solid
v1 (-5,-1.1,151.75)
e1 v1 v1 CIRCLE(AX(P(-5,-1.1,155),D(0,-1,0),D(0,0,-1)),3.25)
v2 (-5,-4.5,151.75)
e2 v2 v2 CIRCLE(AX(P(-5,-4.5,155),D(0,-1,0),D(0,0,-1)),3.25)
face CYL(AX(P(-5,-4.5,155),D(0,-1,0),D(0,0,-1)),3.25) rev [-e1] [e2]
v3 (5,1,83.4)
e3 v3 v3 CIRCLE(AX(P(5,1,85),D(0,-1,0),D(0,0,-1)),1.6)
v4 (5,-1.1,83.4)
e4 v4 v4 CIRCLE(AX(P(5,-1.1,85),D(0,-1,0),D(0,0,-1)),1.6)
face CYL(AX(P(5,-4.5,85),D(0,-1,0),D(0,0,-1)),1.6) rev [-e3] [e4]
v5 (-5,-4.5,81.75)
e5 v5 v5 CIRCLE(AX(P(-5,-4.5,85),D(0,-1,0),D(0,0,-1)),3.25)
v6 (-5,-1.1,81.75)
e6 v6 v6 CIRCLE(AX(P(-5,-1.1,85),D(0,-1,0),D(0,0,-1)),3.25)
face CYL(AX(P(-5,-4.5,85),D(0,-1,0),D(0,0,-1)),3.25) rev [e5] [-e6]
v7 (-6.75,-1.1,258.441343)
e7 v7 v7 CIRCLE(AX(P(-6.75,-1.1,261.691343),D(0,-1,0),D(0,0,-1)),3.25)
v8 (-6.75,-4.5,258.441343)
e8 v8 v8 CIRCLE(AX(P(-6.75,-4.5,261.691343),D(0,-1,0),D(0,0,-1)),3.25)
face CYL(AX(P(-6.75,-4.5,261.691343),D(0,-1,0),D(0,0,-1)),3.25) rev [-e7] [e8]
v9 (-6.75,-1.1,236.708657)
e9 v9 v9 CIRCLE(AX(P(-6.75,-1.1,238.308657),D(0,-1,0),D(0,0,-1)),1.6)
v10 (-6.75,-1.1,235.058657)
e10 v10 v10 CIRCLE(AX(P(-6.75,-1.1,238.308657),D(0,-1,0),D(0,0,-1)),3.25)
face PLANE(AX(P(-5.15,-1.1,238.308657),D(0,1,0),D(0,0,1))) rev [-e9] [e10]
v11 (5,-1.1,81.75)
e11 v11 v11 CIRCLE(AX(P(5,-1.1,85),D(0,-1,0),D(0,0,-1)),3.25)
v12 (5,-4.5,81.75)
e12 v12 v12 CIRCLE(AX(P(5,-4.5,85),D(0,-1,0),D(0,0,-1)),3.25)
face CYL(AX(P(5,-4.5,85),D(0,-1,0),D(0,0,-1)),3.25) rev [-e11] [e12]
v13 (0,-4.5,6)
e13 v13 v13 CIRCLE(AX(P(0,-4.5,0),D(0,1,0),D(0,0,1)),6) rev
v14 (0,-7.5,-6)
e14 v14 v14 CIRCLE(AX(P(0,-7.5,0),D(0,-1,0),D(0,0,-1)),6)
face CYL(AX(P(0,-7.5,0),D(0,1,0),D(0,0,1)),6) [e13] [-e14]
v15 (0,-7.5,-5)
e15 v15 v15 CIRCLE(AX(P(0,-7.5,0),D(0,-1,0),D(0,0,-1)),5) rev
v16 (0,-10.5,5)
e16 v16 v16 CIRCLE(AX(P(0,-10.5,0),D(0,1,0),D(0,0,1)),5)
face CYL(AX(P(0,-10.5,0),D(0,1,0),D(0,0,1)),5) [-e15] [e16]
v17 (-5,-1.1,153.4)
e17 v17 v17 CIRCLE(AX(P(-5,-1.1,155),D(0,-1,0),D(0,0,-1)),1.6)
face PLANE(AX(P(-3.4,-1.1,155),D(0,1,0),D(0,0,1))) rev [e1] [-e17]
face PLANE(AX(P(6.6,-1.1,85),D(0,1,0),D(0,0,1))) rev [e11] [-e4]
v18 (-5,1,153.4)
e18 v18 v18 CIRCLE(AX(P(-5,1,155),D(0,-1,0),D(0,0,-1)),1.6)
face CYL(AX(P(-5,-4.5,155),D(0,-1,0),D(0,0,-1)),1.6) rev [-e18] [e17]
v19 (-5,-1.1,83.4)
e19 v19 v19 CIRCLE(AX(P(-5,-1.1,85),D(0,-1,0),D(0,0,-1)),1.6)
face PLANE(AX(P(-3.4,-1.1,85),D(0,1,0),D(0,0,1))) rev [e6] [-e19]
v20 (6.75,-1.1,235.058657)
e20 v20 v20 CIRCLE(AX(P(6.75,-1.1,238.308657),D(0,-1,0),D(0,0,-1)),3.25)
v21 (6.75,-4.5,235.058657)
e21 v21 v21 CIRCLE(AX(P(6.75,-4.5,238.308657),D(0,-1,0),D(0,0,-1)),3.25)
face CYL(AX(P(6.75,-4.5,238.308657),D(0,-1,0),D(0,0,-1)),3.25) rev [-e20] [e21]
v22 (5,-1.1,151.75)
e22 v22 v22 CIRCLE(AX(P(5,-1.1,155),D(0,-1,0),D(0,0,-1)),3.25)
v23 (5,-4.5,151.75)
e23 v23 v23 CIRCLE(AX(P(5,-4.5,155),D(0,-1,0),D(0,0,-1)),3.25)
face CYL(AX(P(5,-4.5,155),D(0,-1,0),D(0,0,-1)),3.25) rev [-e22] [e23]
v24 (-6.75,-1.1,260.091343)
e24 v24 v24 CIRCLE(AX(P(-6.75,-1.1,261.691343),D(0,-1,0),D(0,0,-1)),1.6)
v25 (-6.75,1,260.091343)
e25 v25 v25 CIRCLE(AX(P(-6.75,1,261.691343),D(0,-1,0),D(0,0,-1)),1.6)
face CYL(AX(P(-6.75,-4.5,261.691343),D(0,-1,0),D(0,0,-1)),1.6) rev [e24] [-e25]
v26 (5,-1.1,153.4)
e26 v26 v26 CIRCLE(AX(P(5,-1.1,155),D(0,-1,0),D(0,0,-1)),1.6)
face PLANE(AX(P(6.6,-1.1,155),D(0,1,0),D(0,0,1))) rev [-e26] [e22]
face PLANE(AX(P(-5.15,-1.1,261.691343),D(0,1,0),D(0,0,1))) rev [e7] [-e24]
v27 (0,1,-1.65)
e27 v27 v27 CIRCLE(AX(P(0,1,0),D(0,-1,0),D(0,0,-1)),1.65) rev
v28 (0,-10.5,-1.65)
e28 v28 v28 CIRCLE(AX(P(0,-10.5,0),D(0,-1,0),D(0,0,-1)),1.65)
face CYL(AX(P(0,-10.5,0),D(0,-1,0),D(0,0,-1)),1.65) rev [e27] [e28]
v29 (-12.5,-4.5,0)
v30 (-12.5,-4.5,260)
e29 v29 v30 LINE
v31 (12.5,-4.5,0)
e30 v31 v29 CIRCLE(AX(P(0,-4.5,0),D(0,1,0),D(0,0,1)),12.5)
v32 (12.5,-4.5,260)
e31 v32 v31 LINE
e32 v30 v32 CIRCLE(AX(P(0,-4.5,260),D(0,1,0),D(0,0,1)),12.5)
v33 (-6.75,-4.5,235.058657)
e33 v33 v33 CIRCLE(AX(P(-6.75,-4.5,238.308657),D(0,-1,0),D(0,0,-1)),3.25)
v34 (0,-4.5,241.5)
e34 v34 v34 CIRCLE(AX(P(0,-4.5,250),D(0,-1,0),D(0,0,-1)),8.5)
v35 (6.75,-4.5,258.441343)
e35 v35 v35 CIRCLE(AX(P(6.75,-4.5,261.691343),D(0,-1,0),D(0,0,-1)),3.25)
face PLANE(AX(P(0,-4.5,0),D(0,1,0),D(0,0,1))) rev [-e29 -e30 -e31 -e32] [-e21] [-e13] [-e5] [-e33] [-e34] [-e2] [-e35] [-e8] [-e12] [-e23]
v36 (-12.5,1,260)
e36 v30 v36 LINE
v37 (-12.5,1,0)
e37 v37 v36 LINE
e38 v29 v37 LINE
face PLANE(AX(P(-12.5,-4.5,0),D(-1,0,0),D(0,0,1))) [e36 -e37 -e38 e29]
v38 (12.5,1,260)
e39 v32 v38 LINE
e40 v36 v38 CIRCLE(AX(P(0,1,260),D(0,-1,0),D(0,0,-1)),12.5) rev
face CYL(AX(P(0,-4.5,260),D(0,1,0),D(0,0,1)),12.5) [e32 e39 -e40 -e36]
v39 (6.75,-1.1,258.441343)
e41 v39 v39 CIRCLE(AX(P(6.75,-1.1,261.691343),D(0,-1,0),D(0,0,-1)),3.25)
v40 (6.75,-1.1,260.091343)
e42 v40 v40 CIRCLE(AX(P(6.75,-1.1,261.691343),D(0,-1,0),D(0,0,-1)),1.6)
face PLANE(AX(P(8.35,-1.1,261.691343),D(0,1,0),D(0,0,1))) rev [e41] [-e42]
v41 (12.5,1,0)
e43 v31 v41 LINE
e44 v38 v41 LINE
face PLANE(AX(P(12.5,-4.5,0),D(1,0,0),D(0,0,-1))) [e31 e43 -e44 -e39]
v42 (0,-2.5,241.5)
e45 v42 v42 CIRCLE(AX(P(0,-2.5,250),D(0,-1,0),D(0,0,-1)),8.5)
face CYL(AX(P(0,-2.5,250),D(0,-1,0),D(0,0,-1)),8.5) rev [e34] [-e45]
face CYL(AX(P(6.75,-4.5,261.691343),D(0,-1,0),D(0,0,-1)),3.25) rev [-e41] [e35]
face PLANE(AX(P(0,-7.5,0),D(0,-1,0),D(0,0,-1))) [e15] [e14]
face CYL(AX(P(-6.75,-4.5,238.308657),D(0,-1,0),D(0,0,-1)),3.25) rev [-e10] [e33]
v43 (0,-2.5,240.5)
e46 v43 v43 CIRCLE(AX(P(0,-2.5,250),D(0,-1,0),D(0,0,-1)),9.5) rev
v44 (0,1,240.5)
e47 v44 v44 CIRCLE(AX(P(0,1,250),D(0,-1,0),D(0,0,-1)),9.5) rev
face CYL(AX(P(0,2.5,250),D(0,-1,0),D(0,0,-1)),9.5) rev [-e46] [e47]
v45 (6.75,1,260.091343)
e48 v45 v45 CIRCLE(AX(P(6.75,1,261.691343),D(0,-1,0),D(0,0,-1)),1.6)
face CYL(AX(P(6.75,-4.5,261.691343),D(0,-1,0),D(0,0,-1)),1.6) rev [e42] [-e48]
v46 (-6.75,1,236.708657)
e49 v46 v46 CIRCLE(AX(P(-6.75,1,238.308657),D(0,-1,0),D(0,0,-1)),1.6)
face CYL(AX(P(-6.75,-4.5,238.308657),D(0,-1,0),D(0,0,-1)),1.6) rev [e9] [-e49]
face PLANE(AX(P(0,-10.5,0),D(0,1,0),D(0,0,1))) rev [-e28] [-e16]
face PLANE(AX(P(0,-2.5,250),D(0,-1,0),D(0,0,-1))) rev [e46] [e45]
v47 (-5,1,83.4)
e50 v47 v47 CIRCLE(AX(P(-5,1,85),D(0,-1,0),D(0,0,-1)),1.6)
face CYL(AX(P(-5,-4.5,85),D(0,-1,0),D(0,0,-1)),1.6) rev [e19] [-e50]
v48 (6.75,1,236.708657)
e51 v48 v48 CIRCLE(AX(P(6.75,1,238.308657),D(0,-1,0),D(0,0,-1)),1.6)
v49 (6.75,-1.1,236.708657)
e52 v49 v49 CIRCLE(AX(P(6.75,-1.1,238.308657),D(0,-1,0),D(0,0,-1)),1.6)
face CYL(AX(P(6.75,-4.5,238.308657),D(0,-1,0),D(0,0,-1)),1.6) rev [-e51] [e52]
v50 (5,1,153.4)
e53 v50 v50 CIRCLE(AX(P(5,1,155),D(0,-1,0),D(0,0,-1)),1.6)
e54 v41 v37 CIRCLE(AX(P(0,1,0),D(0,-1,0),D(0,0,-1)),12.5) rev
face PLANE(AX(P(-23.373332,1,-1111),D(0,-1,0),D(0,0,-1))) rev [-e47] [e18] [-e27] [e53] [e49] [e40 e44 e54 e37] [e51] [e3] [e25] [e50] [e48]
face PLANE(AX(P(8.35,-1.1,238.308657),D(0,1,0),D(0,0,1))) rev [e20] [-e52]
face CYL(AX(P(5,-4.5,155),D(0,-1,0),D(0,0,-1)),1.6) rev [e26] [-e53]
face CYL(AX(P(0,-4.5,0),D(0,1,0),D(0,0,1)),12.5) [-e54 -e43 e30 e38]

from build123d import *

# Parameters (mm, degrees)
EXTRUDE_1_DEPTH              = 10.5
EXTRUDE_1_DEPTH_BACK         = 10.5
SKETCH_1_R                   = 5
EXTRUDE_3_DEPTH              = 4.5
EXTRUDE_3_DEPTH_BACK         = 4.5
SKETCH_7_R                   = 6
EXTRUDE_4_DEPTH              = 3
EXTRUDE_START                = 3
SKETCH_8_R                   = 6
EXTRUDE_5_DEPTH              = 3
SKETCH_9_R                   = 9.5
CUT_EXTRUDE_1_DEPTH          = 7
SKETCH_10_R                  = 8.5
CUT_EXTRUDE_2_DEPTH          = 274.096136919
HOLE_WIZARD_M4_1_D           = 3.3
SKETCH_22_W                  = 47.656916312
SKETCH_22_H                  = 14.908676054
CUT_EXTRUDE_3_DEPTH          = 1111
SKETCH_23_R                  = 9.5
SKETCH_23_R_2                = 8.5
EXTRUDE_6_DEPTH              = 2
HOLE_WIZARD_M3_1_D           = 3.2
HOLE_WIZARD_M3_1_CBORE_D     = 6.5
HOLE_WIZARD_M3_1_CBORE_DEPTH = 3.4
PATTERN_CIRCULAR_1_COUNT     = 6
HOLE_WIZARD_M3_2_D           = 3.2
HOLE_WIZARD_M3_2_CBORE_D     = 6.5
HOLE_WIZARD_M3_2_CBORE_DEPTH = 3.4
PATTERN_LINEAR_1_COUNT       = 3
PATTERN_LINEAR_1_PITCH       = 70
PATTERN_LINEAR_1_COUNT_DIR2  = 2
PATTERN_LINEAR_1_PITCH_DIR2  = 10
SKETCH_31_R                  = 3.25
EXTRUDE_7_DEPTH              = 5.5


with BuildPart() as part:
    # 스케치1 → 보스-돌출1 (new, two sides: drawn at the far end of the back side and taken through both)
    with BuildSketch(Plane(origin=(0, 0, 0), x_dir=(1, 0, 0), z_dir=(0, 1, 0)).offset(-EXTRUDE_1_DEPTH_BACK)):
        Circle(SKETCH_1_R)
    extrude(amount=EXTRUDE_1_DEPTH + EXTRUDE_1_DEPTH_BACK)

    # 스케치6 → 보스-돌출3 (add, two sides: drawn at the far end of the back side and taken through both)
    with BuildSketch(Plane(origin=(0, 0, 0), x_dir=(1, 0, 0), z_dir=(0, 1, 0)).offset(-EXTRUDE_3_DEPTH_BACK)):
        with BuildLine():
            Line((-12.5, 0), (-12.5, -260))
            ThreePointArc((-12.5, -260), (0, -272.5), (12.5, -260))
            Line((12.5, -260), (12.5, 0))
            ThreePointArc((12.5, 0), (0, 12.5), (-12.5, 0))
        make_face()
    extrude(amount=EXTRUDE_3_DEPTH + EXTRUDE_3_DEPTH_BACK)

    # 스케치7 → 보스-돌출4 (add)
    with BuildSketch(Plane.XZ.offset(4.5)):
        Circle(SKETCH_7_R)
    extrude(amount=EXTRUDE_4_DEPTH)

    # 스케치8 → 보스-돌출5 (add)
    with BuildSketch(Plane(origin=(0, 4.5, 0), x_dir=(1, 0, 0), z_dir=(0, 1, 0)).offset(EXTRUDE_START)):
        Circle(SKETCH_8_R)
    extrude(amount=-EXTRUDE_5_DEPTH)

    # 스케치9 → 컷-돌출1 (cut)
    with BuildSketch(Plane.XZ.offset(4.5)):
        with Locations((0, 250)):
            Circle(SKETCH_9_R)
    extrude(amount=-CUT_EXTRUDE_1_DEPTH, mode=Mode.SUBTRACT)

    # 스케치10 → 컷-돌출2 (cut, through all)
    with BuildSketch(Plane.XZ.offset(-2.5)):
        with Locations((0, 250)):
            Circle(SKETCH_10_R)
    extrude(amount=-CUT_EXTRUDE_2_DEPTH, mode=Mode.SUBTRACT)

    # M4 탭을 위한 탭 드릴1 (through all)
    with Locations(Plane(origin=(0, -10.5, 0), x_dir=(-1, 0, 0), z_dir=(0, -1, 0))):
        with Locations((0, 0)):
            Hole(HOLE_WIZARD_M4_1_D / 2)

    # 스케치22 → 컷-돌출3 (cut, symmetric)
    with BuildSketch(Plane.XY):
        with Locations((0.455125877, 8.454338027)):
            Rectangle(SKETCH_22_W, SKETCH_22_H)
    extrude(amount=CUT_EXTRUDE_3_DEPTH, both=True, mode=Mode.SUBTRACT)

    # 스케치23 → 보스-돌출6 (add)
    with BuildSketch(Plane.XZ.offset(4.5)):
        with Locations((0, 250)):
            Circle(SKETCH_23_R)
        with Locations((0, 250)):
            Circle(SKETCH_23_R_2, mode=Mode.SUBTRACT)
    extrude(amount=-EXTRUDE_6_DEPTH)

    # M3 육각 소켓 머리 캡 나사용 카운터보어1 (through all)
    with Locations(Plane(origin=(0, -4.5, 0), x_dir=(-1, 0, 0), z_dir=(0, -1, 0))):
        with Locations((6.75, -261.691342951)):
            hole_wizard_m3_1 = CounterBoreHole(HOLE_WIZARD_M3_1_D / 2, HOLE_WIZARD_M3_1_CBORE_D / 2, HOLE_WIZARD_M3_1_CBORE_DEPTH)

    # 원형 패턴1: M3 육각 소켓 머리 캡 나사용 카운터보어1 ×6 about axis, 2 skipped
    pattern_circular_1_axis = Axis((0, -2.5, 250), (0, -1, 0))
    add([hole_wizard_m3_1.rotate(pattern_circular_1_axis, i * 360 / PATTERN_CIRCULAR_1_COUNT) for i in range(1, PATTERN_CIRCULAR_1_COUNT) if i not in (1, 4)], mode=Mode.SUBTRACT)

    # M3 육각 소켓 머리 캡 나사용 카운터보어2 (through all)
    with Locations(Plane(origin=(0, -4.5, 0), x_dir=(-1, 0, 0), z_dir=(0, -1, 0))):
        with Locations((5, -15)):
            hole_wizard_m3_2 = CounterBoreHole(HOLE_WIZARD_M3_2_D / 2, HOLE_WIZARD_M3_2_CBORE_D / 2, HOLE_WIZARD_M3_2_CBORE_DEPTH)

    # 선형 패턴1: Hole Wizard M3 _ _ _ _ _ _2 3 × 2
    with Locations(*[(j * PATTERN_LINEAR_1_PITCH_DIR2, 0, i * PATTERN_LINEAR_1_PITCH) for i in range(PATTERN_LINEAR_1_COUNT) for j in range(PATTERN_LINEAR_1_COUNT_DIR2) if (i, j) != (0, 0)]):
        add(hole_wizard_m3_2, mode=Mode.SUBTRACT)

    # 스케치31 → 보스-돌출7 (add)
    with BuildSketch(Plane.XZ.offset(4.5)):
        with Locations((5, 15)):
            Circle(SKETCH_31_R)
        with Locations((-5, 15)):
            Circle(SKETCH_31_R)
    extrude(amount=-EXTRUDE_7_DEPTH)


solid = part.part
